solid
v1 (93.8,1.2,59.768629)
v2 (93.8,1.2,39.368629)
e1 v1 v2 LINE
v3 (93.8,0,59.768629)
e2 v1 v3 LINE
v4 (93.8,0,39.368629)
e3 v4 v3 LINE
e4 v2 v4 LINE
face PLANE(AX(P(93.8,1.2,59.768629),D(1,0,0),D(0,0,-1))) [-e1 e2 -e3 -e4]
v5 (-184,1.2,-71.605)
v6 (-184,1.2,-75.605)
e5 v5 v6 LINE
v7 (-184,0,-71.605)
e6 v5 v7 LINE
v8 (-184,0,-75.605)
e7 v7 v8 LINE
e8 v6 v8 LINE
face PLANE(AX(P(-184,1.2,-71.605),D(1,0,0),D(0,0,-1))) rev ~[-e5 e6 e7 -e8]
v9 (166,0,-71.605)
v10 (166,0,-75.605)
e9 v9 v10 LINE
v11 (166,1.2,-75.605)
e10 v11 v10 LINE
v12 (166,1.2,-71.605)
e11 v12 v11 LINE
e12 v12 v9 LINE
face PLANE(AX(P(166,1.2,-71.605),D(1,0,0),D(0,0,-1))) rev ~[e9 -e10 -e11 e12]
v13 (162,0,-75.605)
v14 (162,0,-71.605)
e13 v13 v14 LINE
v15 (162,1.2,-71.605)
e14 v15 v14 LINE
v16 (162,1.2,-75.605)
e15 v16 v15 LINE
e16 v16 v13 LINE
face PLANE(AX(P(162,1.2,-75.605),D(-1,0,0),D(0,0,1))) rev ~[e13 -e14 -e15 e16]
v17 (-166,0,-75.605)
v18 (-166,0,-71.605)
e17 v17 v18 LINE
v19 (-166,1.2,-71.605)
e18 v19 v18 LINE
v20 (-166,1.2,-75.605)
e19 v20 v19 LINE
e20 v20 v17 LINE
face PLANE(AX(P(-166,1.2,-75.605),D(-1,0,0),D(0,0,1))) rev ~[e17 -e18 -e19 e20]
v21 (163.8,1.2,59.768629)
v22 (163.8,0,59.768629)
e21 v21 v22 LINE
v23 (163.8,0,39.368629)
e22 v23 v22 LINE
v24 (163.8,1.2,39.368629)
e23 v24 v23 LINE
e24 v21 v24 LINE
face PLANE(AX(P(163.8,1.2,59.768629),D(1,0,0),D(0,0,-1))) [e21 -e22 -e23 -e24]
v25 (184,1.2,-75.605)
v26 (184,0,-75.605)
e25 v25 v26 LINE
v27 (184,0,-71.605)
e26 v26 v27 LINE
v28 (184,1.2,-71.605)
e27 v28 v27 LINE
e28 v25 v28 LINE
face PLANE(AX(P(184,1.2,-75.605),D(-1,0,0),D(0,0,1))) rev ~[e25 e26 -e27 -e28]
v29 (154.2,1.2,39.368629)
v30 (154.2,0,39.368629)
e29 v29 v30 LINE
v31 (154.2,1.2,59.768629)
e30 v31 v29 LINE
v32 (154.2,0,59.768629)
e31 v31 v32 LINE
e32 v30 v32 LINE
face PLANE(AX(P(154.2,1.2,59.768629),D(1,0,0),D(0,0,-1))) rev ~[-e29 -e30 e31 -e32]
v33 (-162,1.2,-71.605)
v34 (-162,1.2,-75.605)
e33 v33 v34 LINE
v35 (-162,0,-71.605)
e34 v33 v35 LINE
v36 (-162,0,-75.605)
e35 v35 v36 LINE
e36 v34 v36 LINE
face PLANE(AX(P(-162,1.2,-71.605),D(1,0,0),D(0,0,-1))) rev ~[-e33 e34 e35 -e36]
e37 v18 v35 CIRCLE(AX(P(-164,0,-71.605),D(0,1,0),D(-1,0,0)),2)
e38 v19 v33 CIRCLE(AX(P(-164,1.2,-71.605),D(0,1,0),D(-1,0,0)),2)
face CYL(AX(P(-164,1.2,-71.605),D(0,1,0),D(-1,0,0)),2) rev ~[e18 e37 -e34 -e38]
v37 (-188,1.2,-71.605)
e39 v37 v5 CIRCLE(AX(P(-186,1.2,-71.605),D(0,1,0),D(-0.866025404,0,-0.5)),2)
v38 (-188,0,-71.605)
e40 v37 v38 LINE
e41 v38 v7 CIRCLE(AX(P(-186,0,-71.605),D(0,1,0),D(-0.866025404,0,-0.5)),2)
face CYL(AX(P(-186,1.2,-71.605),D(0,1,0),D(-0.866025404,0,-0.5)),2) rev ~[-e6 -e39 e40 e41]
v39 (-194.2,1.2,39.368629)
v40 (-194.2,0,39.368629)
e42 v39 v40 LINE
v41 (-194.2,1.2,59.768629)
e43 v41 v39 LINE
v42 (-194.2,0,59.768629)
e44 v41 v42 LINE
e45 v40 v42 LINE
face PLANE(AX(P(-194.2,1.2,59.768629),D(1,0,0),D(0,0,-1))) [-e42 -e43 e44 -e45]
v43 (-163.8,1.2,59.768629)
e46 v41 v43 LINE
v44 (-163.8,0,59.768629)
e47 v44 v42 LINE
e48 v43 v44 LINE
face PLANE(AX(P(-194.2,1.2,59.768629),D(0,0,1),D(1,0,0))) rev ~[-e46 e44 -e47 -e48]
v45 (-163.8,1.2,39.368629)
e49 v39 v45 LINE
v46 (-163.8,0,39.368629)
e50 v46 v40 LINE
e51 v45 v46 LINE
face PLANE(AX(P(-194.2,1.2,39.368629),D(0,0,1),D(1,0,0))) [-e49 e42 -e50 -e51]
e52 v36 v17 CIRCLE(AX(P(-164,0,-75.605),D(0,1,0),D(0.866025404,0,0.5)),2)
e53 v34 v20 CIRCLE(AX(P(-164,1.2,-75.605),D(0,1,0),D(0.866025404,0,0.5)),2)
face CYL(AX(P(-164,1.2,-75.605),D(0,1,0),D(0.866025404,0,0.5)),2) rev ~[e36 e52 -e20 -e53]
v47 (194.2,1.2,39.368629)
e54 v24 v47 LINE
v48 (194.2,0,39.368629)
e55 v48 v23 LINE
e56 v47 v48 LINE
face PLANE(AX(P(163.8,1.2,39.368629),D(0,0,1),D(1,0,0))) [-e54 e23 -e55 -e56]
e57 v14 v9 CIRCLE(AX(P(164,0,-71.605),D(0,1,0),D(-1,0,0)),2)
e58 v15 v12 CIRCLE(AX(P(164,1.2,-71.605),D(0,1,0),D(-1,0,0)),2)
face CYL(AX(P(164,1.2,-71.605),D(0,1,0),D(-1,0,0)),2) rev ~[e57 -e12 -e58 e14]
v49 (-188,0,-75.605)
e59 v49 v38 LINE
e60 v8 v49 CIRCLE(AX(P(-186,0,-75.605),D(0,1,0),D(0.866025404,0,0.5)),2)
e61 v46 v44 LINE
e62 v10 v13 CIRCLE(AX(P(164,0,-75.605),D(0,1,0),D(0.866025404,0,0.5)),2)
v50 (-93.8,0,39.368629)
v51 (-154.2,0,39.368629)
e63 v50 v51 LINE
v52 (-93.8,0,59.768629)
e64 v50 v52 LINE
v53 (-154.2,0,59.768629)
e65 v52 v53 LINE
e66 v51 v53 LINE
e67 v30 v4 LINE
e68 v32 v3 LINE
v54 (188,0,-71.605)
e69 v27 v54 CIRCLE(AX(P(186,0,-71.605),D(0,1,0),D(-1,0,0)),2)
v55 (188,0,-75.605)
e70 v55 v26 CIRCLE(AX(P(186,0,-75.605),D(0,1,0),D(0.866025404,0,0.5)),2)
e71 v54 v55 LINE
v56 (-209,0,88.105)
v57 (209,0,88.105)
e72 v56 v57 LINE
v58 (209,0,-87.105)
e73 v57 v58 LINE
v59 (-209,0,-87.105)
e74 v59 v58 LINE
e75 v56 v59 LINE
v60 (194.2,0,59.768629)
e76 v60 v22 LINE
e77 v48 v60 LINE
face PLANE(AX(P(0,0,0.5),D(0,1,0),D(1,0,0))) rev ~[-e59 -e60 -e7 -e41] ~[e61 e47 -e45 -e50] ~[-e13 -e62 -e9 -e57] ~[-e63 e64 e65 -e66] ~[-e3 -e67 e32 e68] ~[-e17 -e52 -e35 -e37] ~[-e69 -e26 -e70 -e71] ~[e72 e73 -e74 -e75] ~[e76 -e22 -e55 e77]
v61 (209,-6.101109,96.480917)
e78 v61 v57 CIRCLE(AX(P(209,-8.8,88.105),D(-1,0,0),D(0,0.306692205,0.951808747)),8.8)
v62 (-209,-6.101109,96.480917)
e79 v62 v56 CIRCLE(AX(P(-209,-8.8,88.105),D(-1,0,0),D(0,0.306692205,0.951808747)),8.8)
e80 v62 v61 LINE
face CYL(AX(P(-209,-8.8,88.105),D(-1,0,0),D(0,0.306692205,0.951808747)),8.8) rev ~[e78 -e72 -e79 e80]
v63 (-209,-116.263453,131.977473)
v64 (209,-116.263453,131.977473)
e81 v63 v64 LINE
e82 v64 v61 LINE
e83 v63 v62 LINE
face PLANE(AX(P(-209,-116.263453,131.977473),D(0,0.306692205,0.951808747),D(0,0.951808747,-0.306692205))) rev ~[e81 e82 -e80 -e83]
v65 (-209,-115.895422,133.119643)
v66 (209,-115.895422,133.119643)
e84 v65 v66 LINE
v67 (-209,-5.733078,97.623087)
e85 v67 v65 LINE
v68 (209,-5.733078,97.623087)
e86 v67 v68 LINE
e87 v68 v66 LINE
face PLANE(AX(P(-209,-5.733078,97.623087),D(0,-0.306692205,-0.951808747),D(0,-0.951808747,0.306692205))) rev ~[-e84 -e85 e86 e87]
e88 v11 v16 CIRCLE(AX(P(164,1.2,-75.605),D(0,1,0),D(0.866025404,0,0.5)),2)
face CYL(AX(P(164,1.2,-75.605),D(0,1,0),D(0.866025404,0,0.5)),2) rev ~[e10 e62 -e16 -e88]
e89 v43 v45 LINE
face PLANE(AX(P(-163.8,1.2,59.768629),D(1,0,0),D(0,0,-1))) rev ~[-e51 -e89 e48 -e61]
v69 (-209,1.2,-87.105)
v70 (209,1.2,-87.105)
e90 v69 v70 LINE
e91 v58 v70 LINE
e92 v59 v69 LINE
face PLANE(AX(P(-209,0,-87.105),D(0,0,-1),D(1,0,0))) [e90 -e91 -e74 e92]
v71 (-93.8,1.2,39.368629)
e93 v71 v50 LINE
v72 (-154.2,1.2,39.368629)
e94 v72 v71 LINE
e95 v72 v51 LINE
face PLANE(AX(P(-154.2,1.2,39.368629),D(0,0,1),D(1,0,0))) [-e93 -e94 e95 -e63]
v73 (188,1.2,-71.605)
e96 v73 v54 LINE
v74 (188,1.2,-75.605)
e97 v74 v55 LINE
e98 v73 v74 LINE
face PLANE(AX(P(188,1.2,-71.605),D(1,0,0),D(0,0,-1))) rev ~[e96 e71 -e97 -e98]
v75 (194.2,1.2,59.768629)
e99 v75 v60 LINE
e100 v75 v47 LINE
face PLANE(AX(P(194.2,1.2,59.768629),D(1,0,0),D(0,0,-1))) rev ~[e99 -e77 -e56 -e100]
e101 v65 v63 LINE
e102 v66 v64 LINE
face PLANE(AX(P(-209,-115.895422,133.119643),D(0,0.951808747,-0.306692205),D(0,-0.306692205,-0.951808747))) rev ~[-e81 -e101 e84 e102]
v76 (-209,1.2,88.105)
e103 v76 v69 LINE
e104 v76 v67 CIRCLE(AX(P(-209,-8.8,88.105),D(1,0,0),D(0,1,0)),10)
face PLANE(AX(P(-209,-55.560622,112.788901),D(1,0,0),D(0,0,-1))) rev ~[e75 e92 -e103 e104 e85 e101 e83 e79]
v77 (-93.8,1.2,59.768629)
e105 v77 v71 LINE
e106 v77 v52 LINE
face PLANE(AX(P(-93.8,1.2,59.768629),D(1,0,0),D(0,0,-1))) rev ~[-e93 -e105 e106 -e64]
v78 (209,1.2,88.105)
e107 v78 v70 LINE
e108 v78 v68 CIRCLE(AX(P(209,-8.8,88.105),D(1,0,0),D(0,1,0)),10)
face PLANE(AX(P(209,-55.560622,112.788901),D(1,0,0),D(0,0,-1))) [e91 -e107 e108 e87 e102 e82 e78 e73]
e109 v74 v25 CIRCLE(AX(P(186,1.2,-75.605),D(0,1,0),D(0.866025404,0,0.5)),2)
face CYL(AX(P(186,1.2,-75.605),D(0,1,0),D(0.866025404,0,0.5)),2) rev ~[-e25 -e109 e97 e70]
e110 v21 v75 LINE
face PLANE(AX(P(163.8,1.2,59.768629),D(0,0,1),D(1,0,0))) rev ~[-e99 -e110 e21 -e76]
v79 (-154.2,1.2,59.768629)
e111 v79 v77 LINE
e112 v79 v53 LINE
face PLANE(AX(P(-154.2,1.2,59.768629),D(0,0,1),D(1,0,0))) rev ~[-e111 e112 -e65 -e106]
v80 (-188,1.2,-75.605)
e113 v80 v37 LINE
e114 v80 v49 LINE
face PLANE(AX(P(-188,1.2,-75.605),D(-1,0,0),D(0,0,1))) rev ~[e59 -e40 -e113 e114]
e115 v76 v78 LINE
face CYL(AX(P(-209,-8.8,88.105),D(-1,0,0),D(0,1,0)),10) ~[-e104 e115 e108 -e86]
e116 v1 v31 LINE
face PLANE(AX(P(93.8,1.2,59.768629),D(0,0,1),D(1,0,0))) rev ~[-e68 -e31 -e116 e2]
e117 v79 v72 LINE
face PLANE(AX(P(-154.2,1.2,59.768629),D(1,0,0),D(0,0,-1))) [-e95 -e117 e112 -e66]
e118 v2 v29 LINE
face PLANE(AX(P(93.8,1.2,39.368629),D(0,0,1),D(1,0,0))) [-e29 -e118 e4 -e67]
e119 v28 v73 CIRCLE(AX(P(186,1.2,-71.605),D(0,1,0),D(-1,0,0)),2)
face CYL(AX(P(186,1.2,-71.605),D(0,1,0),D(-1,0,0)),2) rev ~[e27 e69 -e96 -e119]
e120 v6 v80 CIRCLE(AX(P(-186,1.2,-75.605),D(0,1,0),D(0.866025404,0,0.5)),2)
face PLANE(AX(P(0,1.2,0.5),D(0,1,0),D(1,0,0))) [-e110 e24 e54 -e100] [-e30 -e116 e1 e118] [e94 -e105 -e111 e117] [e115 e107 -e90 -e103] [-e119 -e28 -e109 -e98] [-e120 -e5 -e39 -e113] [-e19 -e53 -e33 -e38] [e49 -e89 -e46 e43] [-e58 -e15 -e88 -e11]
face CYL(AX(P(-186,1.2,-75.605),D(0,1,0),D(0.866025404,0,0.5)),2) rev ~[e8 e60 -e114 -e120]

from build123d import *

# Parameters (mm, degrees)
SKETCH_1_W           = 418
SKETCH_1_H           = 175.21
EXTRUDE_1_DEPTH      = 1.2
EXTRUDE_2_DEPTH      = 209
EXTRUDE_2_DEPTH_BACK = 209
SKETCH_3_R           = 2
CUT_EXTRUDE_1_DEPTH  = 1.2
CUT_EXTRUDE_2_REACH  = 281.994
SKETCH_4_R           = 3
CUT_EXTRUDE_3_REACH  = 276.225
SKETCH_7_W           = 30.4
SKETCH_7_H           = 20.4
SKETCH_7_W_2         = 60.4


with BuildPart() as part:
    # 스케치1 → 보스-돌출1 (new body)
    with BuildSketch(Plane(origin=(0, 0, 0), x_dir=(1, 0, 0), z_dir=(0, 1, 0))):
        with Locations((0, -0.5)):
            Rectangle(SKETCH_1_W, SKETCH_1_H)
    extrude(amount=EXTRUDE_1_DEPTH)

    # 스케치2 → 보스-돌출2 (add, two sides: drawn at the far end of the back side and taken through both)
    with BuildSketch(Plane(origin=(0, 0, 0), x_dir=(0, 0, -1), z_dir=(1, 0, 0)).offset(-EXTRUDE_2_DEPTH_BACK)):
        with BuildLine():
            Line((-97.623087474, -5.733077953), (-133.119643249, -115.895422372))
            Line((-133.119643249, -115.895422372), (-131.977472753, -116.263453018))
            Line((-131.977472753, -116.263453018), (-96.480916977, -6.101108598))
            ThreePointArc((-96.480916977, -6.101108598), (-93.286204284, -1.686975175), (-88.105, 0))
            Line((-88.105, 0), (-88.105, 1.2))
            ThreePointArc((-88.105, 1.2), (-93.992732141, -0.717017244), (-97.623087474, -5.733077953))
        make_face()
    extrude(amount=EXTRUDE_2_DEPTH + EXTRUDE_2_DEPTH_BACK)

    # 스케치3 → 컷-돌출1 (cut)
    with BuildSketch(Plane(origin=(0, 1.2, 0), x_dir=(1, 0, 0), z_dir=(0, 1, 0))):
        with Locations((-186, 71.605)):
            Circle(SKETCH_3_R)
        with Locations((-186, 73.605)):
            Circle(SKETCH_3_R)
        with Locations((-186, 75.605)):
            Circle(SKETCH_3_R)
        with BuildLine():
            ThreePointArc((-187.732050808, 74.605), (-187.931851653, 75.08736191), (-188, 75.605))
            Line((-188, 75.605), (-188, 73.605))
            ThreePointArc((-188, 73.605), (-187.931851653, 74.12263809), (-187.732050808, 74.605))
        make_face()
        with BuildLine():
            ThreePointArc((-187.732050808, 72.605), (-187.931851653, 73.08736191), (-188, 73.605))
            Line((-188, 73.605), (-188, 71.605))
            ThreePointArc((-188, 71.605), (-187.931851653, 72.12263809), (-187.732050808, 72.605))
        make_face()
        with BuildLine():
            Line((-184, 71.605), (-184, 73.605))
            ThreePointArc((-184, 73.605), (-184.068148347, 73.08736191), (-184.267949192, 72.605))
            ThreePointArc((-184.267949192, 72.605), (-184.068148347, 72.12263809), (-184, 71.605))
        make_face()
        with BuildLine():
            Line((-184, 73.605), (-184, 75.605))
            ThreePointArc((-184, 75.605), (-184.068148347, 75.08736191), (-184.267949192, 74.605))
            ThreePointArc((-184.267949192, 74.605), (-184.068148347, 74.12263809), (-184, 73.605))
        make_face()
        with Locations((-164, 73.605)):
            Circle(SKETCH_3_R)
        with Locations((-164, 75.605)):
            Circle(SKETCH_3_R)
        with Locations((-164, 71.605)):
            Circle(SKETCH_3_R)
        with BuildLine():
            ThreePointArc((-165.732050808, 72.605), (-165.931851653, 73.08736191), (-166, 73.605))
            Line((-166, 73.605), (-166, 71.605))
            ThreePointArc((-166, 71.605), (-165.931851653, 72.12263809), (-165.732050808, 72.605))
        make_face()
        with BuildLine():
            ThreePointArc((-165.732050808, 74.605), (-165.931851653, 75.08736191), (-166, 75.605))
            Line((-166, 75.605), (-166, 73.605))
            ThreePointArc((-166, 73.605), (-165.931851653, 74.12263809), (-165.732050808, 74.605))
        make_face()
        with BuildLine():
            Line((-162, 71.605), (-162, 73.605))
            ThreePointArc((-162, 73.605), (-162.068148347, 73.08736191), (-162.267949192, 72.605))
            ThreePointArc((-162.267949192, 72.605), (-162.068148347, 72.12263809), (-162, 71.605))
        make_face()
        with BuildLine():
            Line((-162, 73.605), (-162, 75.605))
            ThreePointArc((-162, 75.605), (-162.068148347, 75.08736191), (-162.267949192, 74.605))
            ThreePointArc((-162.267949192, 74.605), (-162.068148347, 74.12263809), (-162, 73.605))
        make_face()
        with Locations((164, 73.605)):
            Circle(SKETCH_3_R)
        with Locations((164, 71.605)):
            Circle(SKETCH_3_R)
        with Locations((164, 75.605)):
            Circle(SKETCH_3_R)
        with BuildLine():
            ThreePointArc((162.267949192, 74.605), (162.068148347, 75.08736191), (162, 75.605))
            Line((162, 75.605), (162, 73.605))
            ThreePointArc((162, 73.605), (162.068148347, 74.12263809), (162.267949192, 74.605))
        make_face()
        with BuildLine():
            ThreePointArc((162.267949192, 72.605), (162.068148347, 73.08736191), (162, 73.605))
            Line((162, 73.605), (162, 71.605))
            ThreePointArc((162, 71.605), (162.068148347, 72.12263809), (162.267949192, 72.605))
        make_face()
        with BuildLine():
            Line((166, 73.605), (166, 75.605))
            ThreePointArc((166, 75.605), (165.931851653, 75.08736191), (165.732050808, 74.605))
            ThreePointArc((165.732050808, 74.605), (165.931851653, 74.12263809), (166, 73.605))
        make_face()
        with BuildLine():
            Line((166, 71.605), (166, 73.605))
            ThreePointArc((166, 73.605), (165.931851653, 73.08736191), (165.732050808, 72.605))
            ThreePointArc((165.732050808, 72.605), (165.931851653, 72.12263809), (166, 71.605))
        make_face()
        with Locations((186, 71.605)):
            Circle(SKETCH_3_R)
        with Locations((186, 73.605)):
            Circle(SKETCH_3_R)
        with Locations((186, 75.605)):
            Circle(SKETCH_3_R)
        with BuildLine():
            ThreePointArc((184.267949192, 74.605), (184.068148347, 75.08736191), (184, 75.605))
            Line((184, 75.605), (184, 73.605))
            ThreePointArc((184, 73.605), (184.068148347, 74.12263809), (184.267949192, 74.605))
        make_face()
        with BuildLine():
            ThreePointArc((184.267949192, 72.605), (184.068148347, 73.08736191), (184, 73.605))
            Line((184, 73.605), (184, 71.605))
            ThreePointArc((184, 71.605), (184.068148347, 72.12263809), (184.267949192, 72.605))
        make_face()
        with BuildLine():
            Line((188, 73.605), (188, 75.605))
            ThreePointArc((188, 75.605), (187.931851653, 75.08736191), (187.732050808, 74.605))
            ThreePointArc((187.732050808, 74.605), (187.931851653, 74.12263809), (188, 73.605))
        make_face()
        with BuildLine():
            Line((188, 71.605), (188, 73.605))
            ThreePointArc((188, 73.605), (187.931851653, 73.08736191), (187.732050808, 72.605))
            ThreePointArc((187.732050808, 72.605), (187.931851653, 72.12263809), (188, 71.605))
        make_face()
    extrude(amount=-CUT_EXTRUDE_1_DEPTH, mode=Mode.SUBTRACT)

    # 컷-돌출2: up to this plane
    cut_extrude_2_end = Plane(origin=(0, 0, 0), z_dir=(0, -1, 0))
    # 스케치4 → 컷-돌출2 (cut, up to the surface)
    with BuildSketch(Plane(origin=(0, 17.417324386, 3.331984817), x_dir=(1, 0, 0), z_dir=(0, 0.9821890034564742, 0.18789561327816653)), mode=Mode.PRIVATE) as cut_extrude_2_sk1:
        with Locations(Location((-179, -48.460287414, 0), (0, 0, 270))):
            Circle(SKETCH_4_R)
    cut_extrude_2_tool1 = split(extrude(cut_extrude_2_sk1.sketch, amount=-CUT_EXTRUDE_2_REACH, mode=Mode.PRIVATE), bisect_by=cut_extrude_2_end, keep=Keep.BOTH, mode=Mode.PRIVATE)
    add(cut_extrude_2_tool1.solids().sort_by_distance((-179, 8.311849, 50.929146))[0], mode=Mode.SUBTRACT)
    # 스케치4 → 컷-돌출2 (cut, up to the surface)
    with BuildSketch(Plane(origin=(0, 17.417324386, 3.331984817), x_dir=(1, 0, 0), z_dir=(0, 0.9821890034564742, 0.18789561327816653)), mode=Mode.PRIVATE) as cut_extrude_2_sk2:
        with Locations(Location((-124, -48.460287414, 0), (0, 0, 270))):
            Circle(SKETCH_4_R)
    cut_extrude_2_tool2 = split(extrude(cut_extrude_2_sk2.sketch, amount=-CUT_EXTRUDE_2_REACH, mode=Mode.PRIVATE), bisect_by=cut_extrude_2_end, keep=Keep.BOTH, mode=Mode.PRIVATE)
    add(cut_extrude_2_tool2.solids().sort_by_distance((-124, 8.311849, 50.929146))[0], mode=Mode.SUBTRACT)
    # 스케치4 → 컷-돌출2 (cut, up to the surface)
    with BuildSketch(Plane(origin=(0, 17.417324386, 3.331984817), x_dir=(1, 0, 0), z_dir=(0, 0.9821890034564742, 0.18789561327816653)), mode=Mode.PRIVATE) as cut_extrude_2_sk3:
        with Locations(Location((124, -48.460287414, 0), (0, 0, 270))):
            Circle(SKETCH_4_R)
    cut_extrude_2_tool3 = split(extrude(cut_extrude_2_sk3.sketch, amount=-CUT_EXTRUDE_2_REACH, mode=Mode.PRIVATE), bisect_by=cut_extrude_2_end, keep=Keep.BOTH, mode=Mode.PRIVATE)
    add(cut_extrude_2_tool3.solids().sort_by_distance((124, 8.311849, 50.929146))[0], mode=Mode.SUBTRACT)
    # 스케치4 → 컷-돌출2 (cut, up to the surface)
    with BuildSketch(Plane(origin=(0, 17.417324386, 3.331984817), x_dir=(1, 0, 0), z_dir=(0, 0.9821890034564742, 0.18789561327816653)), mode=Mode.PRIVATE) as cut_extrude_2_sk4:
        with Locations(Location((179, -48.460287414, 0), (0, 0, 270))):
            Circle(SKETCH_4_R)
    cut_extrude_2_tool4 = split(extrude(cut_extrude_2_sk4.sketch, amount=-CUT_EXTRUDE_2_REACH, mode=Mode.PRIVATE), bisect_by=cut_extrude_2_end, keep=Keep.BOTH, mode=Mode.PRIVATE)
    add(cut_extrude_2_tool4.solids().sort_by_distance((179, 8.311849, 50.929146))[0], mode=Mode.SUBTRACT)

    # 스케치7 → 컷-돌출3 (cut, up to next)
    with BuildSketch(Plane(origin=(0, 1.2, 0), x_dir=(1, 0, 0), z_dir=(0, 1, 0)), mode=Mode.PRIVATE) as cut_extrude_3_sk1:
        with Locations((-179, -49.568628826)):
            Rectangle(SKETCH_7_W, SKETCH_7_H)
    cut_extrude_3_tool1 = extrude(cut_extrude_3_sk1.sketch, amount=-CUT_EXTRUDE_3_REACH, mode=Mode.PRIVATE) & part.part
    # 스케치7 → 컷-돌출3 (cut, up to next)
    with BuildSketch(Plane(origin=(0, 1.2, 0), x_dir=(1, 0, 0), z_dir=(0, 1, 0)), mode=Mode.PRIVATE) as cut_extrude_3_sk2:
        with Locations((-124, -49.568628826)):
            Rectangle(SKETCH_7_W_2, SKETCH_7_H)
    cut_extrude_3_tool2 = extrude(cut_extrude_3_sk2.sketch, amount=-CUT_EXTRUDE_3_REACH, mode=Mode.PRIVATE) & part.part
    # 스케치7 → 컷-돌출3 (cut, up to next)
    with BuildSketch(Plane(origin=(0, 1.2, 0), x_dir=(1, 0, 0), z_dir=(0, 1, 0)), mode=Mode.PRIVATE) as cut_extrude_3_sk3:
        with Locations((179, -49.568628826)):
            Rectangle(SKETCH_7_W, SKETCH_7_H)
    cut_extrude_3_tool3 = extrude(cut_extrude_3_sk3.sketch, amount=-CUT_EXTRUDE_3_REACH, mode=Mode.PRIVATE) & part.part
    # 스케치7 → 컷-돌출3 (cut, up to next)
    with BuildSketch(Plane(origin=(0, 1.2, 0), x_dir=(1, 0, 0), z_dir=(0, 1, 0)), mode=Mode.PRIVATE) as cut_extrude_3_sk4:
        with Locations((124, -49.568628826)):
            Rectangle(SKETCH_7_W_2, SKETCH_7_H)
    cut_extrude_3_tool4 = extrude(cut_extrude_3_sk4.sketch, amount=-CUT_EXTRUDE_3_REACH, mode=Mode.PRIVATE) & part.part
    add(cut_extrude_3_tool1.solids().sort_by_distance((-179, 1.2, 49.568629))[0], mode=Mode.SUBTRACT)
    add(cut_extrude_3_tool2.solids().sort_by_distance((-124, 1.2, 49.568629))[0], mode=Mode.SUBTRACT)
    add(cut_extrude_3_tool3.solids().sort_by_distance((179, 1.2, 49.568629))[0], mode=Mode.SUBTRACT)
    add(cut_extrude_3_tool4.solids().sort_by_distance((124, 1.2, 49.568629))[0], mode=Mode.SUBTRACT)


solid = part.part
